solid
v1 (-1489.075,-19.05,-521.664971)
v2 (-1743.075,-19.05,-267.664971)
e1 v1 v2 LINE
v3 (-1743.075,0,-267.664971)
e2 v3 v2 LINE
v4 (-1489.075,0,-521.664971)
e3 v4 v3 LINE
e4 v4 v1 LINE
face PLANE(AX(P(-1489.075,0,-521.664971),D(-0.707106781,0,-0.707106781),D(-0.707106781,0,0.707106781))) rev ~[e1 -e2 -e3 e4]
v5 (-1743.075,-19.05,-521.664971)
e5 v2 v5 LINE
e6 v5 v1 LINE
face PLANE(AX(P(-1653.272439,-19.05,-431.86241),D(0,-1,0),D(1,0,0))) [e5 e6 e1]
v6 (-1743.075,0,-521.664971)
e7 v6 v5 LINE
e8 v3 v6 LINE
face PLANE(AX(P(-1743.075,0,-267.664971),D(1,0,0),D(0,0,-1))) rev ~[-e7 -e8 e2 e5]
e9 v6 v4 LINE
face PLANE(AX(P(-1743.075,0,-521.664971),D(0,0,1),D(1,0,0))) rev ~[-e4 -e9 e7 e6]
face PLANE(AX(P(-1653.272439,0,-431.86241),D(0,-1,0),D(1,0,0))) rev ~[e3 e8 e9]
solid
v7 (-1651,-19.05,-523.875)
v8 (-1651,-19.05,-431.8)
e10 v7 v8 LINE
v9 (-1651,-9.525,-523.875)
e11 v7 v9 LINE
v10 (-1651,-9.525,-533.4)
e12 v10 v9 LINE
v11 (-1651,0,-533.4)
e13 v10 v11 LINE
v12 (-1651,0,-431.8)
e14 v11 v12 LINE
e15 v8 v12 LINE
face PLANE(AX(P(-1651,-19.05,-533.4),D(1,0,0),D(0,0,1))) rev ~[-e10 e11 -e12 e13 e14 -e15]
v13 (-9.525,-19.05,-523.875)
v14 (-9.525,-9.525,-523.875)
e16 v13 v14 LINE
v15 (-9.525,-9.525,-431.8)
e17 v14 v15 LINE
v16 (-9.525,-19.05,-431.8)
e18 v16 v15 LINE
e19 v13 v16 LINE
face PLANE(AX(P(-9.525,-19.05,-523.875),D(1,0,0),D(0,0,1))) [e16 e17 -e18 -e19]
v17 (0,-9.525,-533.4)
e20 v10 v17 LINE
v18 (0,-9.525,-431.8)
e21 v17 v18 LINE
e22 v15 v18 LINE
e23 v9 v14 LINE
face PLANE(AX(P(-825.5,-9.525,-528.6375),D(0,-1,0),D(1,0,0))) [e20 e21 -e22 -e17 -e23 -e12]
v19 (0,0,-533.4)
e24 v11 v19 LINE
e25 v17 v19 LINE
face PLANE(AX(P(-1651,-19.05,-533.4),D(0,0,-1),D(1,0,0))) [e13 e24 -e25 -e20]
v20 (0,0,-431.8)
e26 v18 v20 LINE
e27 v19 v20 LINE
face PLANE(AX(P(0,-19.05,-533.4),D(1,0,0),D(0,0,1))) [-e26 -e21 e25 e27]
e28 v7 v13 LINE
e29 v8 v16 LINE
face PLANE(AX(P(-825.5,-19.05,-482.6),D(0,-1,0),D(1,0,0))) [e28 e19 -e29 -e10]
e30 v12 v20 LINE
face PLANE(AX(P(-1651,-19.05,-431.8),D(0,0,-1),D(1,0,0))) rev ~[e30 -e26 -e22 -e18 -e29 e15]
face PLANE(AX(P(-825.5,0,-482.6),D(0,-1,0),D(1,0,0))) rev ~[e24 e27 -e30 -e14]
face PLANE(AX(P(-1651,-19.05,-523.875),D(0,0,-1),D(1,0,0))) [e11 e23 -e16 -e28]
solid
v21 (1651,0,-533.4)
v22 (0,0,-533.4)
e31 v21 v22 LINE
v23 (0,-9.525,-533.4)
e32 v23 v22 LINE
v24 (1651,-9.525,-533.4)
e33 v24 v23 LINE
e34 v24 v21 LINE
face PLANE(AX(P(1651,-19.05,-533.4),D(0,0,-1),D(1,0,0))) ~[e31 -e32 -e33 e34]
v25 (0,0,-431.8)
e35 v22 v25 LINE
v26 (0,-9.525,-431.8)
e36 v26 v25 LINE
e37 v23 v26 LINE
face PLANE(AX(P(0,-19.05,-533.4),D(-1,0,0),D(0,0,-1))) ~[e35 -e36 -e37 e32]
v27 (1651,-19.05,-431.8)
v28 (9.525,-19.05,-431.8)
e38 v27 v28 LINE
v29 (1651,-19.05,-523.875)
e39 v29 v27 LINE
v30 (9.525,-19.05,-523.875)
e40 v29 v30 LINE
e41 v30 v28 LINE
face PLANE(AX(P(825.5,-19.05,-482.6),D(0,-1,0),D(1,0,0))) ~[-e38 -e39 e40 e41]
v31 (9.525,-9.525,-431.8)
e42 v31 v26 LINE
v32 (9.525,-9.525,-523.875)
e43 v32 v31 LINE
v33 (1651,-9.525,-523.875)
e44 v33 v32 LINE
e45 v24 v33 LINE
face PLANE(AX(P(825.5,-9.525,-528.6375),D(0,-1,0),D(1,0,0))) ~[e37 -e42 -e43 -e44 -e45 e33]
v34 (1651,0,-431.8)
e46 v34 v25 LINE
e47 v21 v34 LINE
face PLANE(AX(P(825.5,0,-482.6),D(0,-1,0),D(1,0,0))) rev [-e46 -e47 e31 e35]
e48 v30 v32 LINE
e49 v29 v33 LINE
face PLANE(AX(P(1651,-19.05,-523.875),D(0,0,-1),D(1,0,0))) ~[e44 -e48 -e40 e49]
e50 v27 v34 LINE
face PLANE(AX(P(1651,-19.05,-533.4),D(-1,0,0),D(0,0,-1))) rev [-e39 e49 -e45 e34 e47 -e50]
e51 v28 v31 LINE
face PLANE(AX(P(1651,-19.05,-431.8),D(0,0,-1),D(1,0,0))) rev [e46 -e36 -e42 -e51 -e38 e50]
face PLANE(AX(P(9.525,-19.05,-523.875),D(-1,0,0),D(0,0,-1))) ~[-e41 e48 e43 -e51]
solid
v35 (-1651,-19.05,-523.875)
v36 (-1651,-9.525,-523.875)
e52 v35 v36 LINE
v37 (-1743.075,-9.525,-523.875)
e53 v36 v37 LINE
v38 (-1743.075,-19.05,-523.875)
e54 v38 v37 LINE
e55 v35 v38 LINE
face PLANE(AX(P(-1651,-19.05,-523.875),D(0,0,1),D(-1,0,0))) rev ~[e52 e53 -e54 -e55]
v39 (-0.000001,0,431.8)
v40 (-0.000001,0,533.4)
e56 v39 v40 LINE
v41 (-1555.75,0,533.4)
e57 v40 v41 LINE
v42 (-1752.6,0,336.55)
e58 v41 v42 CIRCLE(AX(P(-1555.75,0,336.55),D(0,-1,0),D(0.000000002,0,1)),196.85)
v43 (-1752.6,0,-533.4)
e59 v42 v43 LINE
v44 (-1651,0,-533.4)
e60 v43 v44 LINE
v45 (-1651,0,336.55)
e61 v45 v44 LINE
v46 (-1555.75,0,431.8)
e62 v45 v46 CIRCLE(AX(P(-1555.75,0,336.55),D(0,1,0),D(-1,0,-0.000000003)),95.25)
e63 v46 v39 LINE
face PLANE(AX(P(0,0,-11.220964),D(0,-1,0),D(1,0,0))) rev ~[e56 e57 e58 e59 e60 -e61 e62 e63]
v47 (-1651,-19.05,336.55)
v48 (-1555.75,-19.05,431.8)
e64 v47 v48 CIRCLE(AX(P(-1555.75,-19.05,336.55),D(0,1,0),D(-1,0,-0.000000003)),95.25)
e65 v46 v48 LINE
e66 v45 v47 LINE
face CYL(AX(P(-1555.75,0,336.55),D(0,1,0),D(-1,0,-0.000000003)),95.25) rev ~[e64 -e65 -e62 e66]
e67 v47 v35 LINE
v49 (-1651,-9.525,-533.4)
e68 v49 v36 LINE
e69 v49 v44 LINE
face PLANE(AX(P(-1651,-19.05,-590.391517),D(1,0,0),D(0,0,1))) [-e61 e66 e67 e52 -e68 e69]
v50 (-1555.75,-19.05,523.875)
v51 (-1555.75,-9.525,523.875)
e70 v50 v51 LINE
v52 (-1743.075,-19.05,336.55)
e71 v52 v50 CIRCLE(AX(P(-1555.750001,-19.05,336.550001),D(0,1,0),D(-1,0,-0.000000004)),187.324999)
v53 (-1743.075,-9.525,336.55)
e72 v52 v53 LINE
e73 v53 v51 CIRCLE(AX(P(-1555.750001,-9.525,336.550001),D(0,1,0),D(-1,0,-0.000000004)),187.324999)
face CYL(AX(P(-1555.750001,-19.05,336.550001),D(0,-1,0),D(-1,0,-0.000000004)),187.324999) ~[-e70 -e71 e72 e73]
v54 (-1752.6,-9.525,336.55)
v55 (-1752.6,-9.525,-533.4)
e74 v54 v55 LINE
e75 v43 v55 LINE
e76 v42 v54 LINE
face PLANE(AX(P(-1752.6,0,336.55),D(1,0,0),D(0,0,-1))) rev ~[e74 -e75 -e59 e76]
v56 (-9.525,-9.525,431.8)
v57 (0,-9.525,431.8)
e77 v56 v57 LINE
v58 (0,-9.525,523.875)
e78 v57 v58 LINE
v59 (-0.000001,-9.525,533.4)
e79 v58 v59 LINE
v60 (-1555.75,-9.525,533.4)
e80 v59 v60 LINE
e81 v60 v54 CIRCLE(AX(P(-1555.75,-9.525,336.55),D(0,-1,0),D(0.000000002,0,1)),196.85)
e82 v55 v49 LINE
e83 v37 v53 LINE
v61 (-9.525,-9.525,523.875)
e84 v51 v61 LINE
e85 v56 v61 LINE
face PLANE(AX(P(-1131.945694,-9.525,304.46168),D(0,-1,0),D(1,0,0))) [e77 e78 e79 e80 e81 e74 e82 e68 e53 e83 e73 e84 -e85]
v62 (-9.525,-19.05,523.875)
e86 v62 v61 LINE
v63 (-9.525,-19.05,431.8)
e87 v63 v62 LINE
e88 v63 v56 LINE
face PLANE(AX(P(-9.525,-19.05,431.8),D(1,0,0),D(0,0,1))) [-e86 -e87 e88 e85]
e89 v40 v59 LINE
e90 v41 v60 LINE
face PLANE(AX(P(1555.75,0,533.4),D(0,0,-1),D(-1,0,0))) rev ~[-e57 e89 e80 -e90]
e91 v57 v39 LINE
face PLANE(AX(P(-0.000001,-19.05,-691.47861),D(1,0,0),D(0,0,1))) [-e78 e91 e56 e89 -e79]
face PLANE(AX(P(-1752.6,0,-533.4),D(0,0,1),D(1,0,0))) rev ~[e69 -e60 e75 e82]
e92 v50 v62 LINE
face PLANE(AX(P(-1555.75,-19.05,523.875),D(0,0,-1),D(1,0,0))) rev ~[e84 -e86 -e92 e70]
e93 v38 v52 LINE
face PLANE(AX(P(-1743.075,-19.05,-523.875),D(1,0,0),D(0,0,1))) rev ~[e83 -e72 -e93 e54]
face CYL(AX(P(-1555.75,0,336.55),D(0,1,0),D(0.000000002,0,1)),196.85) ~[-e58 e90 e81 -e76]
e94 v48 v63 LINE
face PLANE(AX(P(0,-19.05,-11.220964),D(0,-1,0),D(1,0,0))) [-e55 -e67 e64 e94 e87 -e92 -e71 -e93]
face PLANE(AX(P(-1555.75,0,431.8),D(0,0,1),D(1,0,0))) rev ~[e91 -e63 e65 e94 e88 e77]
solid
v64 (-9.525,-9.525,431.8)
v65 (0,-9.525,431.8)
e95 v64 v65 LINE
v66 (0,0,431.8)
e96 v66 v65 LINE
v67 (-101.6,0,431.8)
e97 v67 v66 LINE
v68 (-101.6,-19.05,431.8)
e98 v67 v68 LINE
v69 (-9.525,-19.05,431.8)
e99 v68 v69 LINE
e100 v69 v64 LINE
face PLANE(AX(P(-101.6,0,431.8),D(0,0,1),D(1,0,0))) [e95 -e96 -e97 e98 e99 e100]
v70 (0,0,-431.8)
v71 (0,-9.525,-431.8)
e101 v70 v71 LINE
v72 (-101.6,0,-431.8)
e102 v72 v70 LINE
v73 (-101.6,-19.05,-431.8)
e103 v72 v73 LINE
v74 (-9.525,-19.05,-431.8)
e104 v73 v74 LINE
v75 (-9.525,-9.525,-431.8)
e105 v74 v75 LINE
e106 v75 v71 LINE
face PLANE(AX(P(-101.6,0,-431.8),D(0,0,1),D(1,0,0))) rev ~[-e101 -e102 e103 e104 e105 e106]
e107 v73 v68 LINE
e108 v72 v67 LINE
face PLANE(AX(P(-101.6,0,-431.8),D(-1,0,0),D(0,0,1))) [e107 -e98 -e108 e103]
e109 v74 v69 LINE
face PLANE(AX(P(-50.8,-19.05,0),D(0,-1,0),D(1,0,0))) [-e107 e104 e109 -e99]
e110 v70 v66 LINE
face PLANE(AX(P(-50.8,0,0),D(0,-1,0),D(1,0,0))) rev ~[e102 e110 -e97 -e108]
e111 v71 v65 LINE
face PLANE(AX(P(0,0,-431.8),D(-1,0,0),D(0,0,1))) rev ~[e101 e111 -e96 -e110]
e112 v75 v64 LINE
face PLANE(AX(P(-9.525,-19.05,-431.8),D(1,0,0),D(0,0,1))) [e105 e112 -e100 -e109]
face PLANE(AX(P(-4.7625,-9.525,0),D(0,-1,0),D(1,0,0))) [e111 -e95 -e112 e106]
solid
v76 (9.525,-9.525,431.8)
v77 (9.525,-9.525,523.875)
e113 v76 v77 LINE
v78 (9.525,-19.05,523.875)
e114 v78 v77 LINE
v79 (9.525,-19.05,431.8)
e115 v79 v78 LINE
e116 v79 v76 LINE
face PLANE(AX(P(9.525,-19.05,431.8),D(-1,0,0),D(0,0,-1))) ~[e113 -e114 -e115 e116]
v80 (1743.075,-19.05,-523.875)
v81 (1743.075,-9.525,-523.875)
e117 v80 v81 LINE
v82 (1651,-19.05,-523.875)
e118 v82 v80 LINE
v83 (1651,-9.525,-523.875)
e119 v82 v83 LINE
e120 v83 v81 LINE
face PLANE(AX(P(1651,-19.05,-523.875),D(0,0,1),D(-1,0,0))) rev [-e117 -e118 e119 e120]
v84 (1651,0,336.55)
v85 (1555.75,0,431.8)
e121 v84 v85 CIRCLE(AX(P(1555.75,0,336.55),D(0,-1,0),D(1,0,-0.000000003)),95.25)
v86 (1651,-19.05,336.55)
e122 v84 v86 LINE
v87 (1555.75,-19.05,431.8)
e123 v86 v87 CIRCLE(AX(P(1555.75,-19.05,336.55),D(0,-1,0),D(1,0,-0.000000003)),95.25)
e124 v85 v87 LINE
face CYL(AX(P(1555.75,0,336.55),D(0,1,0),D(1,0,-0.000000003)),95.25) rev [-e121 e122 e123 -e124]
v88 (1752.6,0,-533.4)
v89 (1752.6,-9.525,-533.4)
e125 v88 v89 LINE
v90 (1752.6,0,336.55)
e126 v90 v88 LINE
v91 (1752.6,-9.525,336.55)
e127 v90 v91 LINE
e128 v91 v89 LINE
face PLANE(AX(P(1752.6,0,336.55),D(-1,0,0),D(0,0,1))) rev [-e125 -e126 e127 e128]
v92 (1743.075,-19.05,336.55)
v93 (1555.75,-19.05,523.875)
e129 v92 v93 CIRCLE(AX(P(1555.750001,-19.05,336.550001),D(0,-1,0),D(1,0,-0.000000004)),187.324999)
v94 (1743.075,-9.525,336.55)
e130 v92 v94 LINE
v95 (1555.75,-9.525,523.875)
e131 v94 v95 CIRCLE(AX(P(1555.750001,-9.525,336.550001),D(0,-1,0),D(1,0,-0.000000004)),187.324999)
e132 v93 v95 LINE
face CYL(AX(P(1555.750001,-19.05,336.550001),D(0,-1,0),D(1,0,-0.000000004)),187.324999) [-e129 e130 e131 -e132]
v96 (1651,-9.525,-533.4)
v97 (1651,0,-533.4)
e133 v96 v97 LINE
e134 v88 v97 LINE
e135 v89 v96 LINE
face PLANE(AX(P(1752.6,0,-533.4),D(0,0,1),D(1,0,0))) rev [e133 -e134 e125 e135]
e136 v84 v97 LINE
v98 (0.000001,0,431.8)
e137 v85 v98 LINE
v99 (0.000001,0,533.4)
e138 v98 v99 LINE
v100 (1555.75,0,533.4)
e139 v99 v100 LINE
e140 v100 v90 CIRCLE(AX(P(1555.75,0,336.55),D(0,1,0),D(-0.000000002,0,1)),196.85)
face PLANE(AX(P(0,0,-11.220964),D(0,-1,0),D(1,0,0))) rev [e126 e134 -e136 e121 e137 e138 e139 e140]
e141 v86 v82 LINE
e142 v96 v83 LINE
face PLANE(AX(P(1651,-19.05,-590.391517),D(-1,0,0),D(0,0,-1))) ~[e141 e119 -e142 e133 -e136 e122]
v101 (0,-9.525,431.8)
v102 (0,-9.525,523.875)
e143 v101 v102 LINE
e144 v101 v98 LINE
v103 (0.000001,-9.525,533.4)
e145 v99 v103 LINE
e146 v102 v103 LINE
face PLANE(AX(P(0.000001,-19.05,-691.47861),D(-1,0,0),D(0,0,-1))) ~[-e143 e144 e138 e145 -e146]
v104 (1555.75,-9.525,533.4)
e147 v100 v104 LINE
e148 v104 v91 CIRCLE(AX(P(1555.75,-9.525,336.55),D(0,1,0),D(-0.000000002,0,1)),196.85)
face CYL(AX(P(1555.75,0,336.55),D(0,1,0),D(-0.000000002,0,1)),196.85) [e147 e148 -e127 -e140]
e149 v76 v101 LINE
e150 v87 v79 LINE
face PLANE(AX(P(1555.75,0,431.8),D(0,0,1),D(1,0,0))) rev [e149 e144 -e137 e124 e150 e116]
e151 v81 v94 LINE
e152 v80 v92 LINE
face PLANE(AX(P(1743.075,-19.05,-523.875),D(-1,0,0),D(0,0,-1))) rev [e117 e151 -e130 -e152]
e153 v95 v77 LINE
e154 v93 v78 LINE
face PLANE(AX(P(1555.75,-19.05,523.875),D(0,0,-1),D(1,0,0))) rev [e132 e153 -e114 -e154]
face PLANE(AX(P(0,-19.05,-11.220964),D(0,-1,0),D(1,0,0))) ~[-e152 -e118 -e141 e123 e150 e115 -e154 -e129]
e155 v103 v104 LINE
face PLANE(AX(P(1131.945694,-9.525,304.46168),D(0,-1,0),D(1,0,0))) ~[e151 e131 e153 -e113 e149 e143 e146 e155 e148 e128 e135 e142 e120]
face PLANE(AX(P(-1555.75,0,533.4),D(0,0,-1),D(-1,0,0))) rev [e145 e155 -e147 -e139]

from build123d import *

# Parameters (mm, degrees)
F1_DEPTH  = 19.05
F3_W      = 1651
F3_H      = 194.611281
F4_DEPTH  = 19.051
F6_DEPTH  = 9.525
F7_W      = 1845.029831
F7_H      = 1326.859474
F8_DEPTH  = 19.051
F10_W     = 1651
F10_H     = 101.6
F11_DEPTH = 19.05
F12_W     = 1651
F12_H     = 9.525
F13_DEPTH = 9.525
F14_W     = 9.525
F14_H     = 92.075
F15_DEPTH = 9.525
F16_W     = 9.525
F16_H     = 92.075
F17_DEPTH = 9.525
F18_W     = 101.6
F18_H     = 863.6
F19_DEPTH = 19.05
F20_W     = 9.525
F20_H     = 863.6
F21_DEPTH = 9.525
F24_DEPTH = 19.05


with BuildPart() as f1:
    # F0 (on Front) → F1 (new body)
    with BuildSketch(Plane.XZ):
        with BuildLine():
            Line((-1752.6, -533.4), (1752.6, -533.4))
            Line((1752.6, -533.4), (1752.6, 336.55))
            ThreePointArc((1752.6, 336.55), (1694.94397, 475.74397), (1555.75, 533.4))
            Line((1555.75, 533.4), (-1555.75, 533.4))
            ThreePointArc((-1555.75, 533.4), (-1694.94397, 475.74397), (-1752.6, 336.55))
            Line((-1752.6, 336.55), (-1752.6, -533.4))
        make_face()
        with BuildLine():
            ThreePointArc((1555.75, 431.8), (1623.101921, 403.901921), (1651, 336.55))
            Line((1651, 336.55), (1651, -431.8))
            Line((1651, -431.8), (-1651, -431.8))
            Line((-1651, -431.8), (-1651, 336.55))
            ThreePointArc((-1651, 336.55), (-1623.101921, 403.901921), (-1555.75, 431.8))
            Line((-1555.75, 431.8), (1555.75, 431.8))
        make_face(mode=Mode.SUBTRACT)
    extrude(amount=F1_DEPTH)

    # F3 (on face) → F4 (cut, through all)
    with BuildSketch(Plane.XZ.offset(19.05)):
        with Locations((-825.5, -493.085877)):
            Rectangle(F3_W, F3_H)
    extrude(amount=-F4_DEPTH, mode=Mode.SUBTRACT)

    # F5 (on face) → F6 (cut)
    with BuildSketch(Plane.XZ.offset(19.05)):
        with BuildLine():
            Line((-1651, -523.875), (-1743.075, -523.875))
            Line((-1743.075, -523.875), (-1743.075, 336.55))
            ThreePointArc((-1743.075, 336.55), (-1688.208778, 469.008778), (-1555.75, 523.875))
            Line((-1555.75, 523.875), (161.150128, 523.875))
            Line((161.150128, 523.875), (161.150128, 533.4))
            Line((161.150128, 533.4), (-1555.75, 533.4))
            ThreePointArc((-1555.75, 533.4), (-1694.94397, 475.74397), (-1752.6, 336.55))
            Line((-1752.6, 336.55), (-1752.6, -533.4))
            Line((-1752.6, -533.4), (-1743.075, -533.4))
            Line((-1743.075, -533.4), (-1651, -533.4))
            Line((-1651, -533.4), (-1651, -523.875))
        make_face()
    extrude(amount=-F6_DEPTH, mode=Mode.SUBTRACT)

    # F7 (on face) → F8 (cut, through all)
    with BuildSketch(Plane.XZ.offset(19.05)):
        with Locations((922.514915, -28.048873)):
            Rectangle(F7_W, F7_H)
    extrude(amount=-F8_DEPTH, mode=Mode.SUBTRACT)

    # F14 (on face) → F15 (cut)
    with BuildSketch(Plane.XZ.offset(19.05)):
        with Locations((-4.7625, 477.8375)):
            Rectangle(F14_W, F14_H)
    extrude(amount=-F15_DEPTH, mode=Mode.SUBTRACT)


with BuildPart() as f11:
    # F10 (on face) → F11 (new body)
    with BuildSketch(Plane.XZ.offset(19.05)):
        with Locations((-825.5, -482.6)):
            Rectangle(F10_W, F10_H)
    extrude(amount=-F11_DEPTH)

    # F12 (on face) → F13 (cut)
    with BuildSketch(Plane.XZ.offset(19.05)):
        with Locations((-825.5, -528.6375)):
            Rectangle(F12_W, F12_H)
    extrude(amount=-F13_DEPTH, mode=Mode.SUBTRACT)

    # F16 (on face) → F17 (cut)
    with BuildSketch(Plane.XZ.offset(19.05)):
        with Locations((-4.7625, -477.8375)):
            Rectangle(F16_W, F16_H)
    extrude(amount=-F17_DEPTH, mode=Mode.SUBTRACT)


with BuildPart() as f19:
    # F18 (on Front) → F19 (new body)
    with BuildSketch(Plane.XZ):
        with Locations((-50.8, 0)):
            Rectangle(F18_W, F18_H)
    extrude(amount=F19_DEPTH)

    # F20 (on face) → F21 (cut)
    with BuildSketch(Plane.XZ.offset(19.05)):
        with Locations((-4.7625, 0)):
            Rectangle(F20_W, F20_H)
    extrude(amount=-F21_DEPTH, mode=Mode.SUBTRACT)


with BuildPart() as f22_1:
    # F22: instance of F1
    add(f1.part.mirror(Plane.YZ))


with BuildPart() as f24:
    # F23 (on Front) → F24 (new body)
    with BuildSketch(Plane.XZ):
        Polygon((-1489.075, -521.664971), (-1743.075, -267.664971), (-1743.075, -521.664971), align=None)
    extrude(amount=F24_DEPTH)


with BuildPart() as f25_1:
    # F25: instance of F11
    add(f11.part.mirror(Plane.YZ))


solid = Compound([f1.part, f11.part, f19.part, f22_1.part, f24.part, f25_1.part])
